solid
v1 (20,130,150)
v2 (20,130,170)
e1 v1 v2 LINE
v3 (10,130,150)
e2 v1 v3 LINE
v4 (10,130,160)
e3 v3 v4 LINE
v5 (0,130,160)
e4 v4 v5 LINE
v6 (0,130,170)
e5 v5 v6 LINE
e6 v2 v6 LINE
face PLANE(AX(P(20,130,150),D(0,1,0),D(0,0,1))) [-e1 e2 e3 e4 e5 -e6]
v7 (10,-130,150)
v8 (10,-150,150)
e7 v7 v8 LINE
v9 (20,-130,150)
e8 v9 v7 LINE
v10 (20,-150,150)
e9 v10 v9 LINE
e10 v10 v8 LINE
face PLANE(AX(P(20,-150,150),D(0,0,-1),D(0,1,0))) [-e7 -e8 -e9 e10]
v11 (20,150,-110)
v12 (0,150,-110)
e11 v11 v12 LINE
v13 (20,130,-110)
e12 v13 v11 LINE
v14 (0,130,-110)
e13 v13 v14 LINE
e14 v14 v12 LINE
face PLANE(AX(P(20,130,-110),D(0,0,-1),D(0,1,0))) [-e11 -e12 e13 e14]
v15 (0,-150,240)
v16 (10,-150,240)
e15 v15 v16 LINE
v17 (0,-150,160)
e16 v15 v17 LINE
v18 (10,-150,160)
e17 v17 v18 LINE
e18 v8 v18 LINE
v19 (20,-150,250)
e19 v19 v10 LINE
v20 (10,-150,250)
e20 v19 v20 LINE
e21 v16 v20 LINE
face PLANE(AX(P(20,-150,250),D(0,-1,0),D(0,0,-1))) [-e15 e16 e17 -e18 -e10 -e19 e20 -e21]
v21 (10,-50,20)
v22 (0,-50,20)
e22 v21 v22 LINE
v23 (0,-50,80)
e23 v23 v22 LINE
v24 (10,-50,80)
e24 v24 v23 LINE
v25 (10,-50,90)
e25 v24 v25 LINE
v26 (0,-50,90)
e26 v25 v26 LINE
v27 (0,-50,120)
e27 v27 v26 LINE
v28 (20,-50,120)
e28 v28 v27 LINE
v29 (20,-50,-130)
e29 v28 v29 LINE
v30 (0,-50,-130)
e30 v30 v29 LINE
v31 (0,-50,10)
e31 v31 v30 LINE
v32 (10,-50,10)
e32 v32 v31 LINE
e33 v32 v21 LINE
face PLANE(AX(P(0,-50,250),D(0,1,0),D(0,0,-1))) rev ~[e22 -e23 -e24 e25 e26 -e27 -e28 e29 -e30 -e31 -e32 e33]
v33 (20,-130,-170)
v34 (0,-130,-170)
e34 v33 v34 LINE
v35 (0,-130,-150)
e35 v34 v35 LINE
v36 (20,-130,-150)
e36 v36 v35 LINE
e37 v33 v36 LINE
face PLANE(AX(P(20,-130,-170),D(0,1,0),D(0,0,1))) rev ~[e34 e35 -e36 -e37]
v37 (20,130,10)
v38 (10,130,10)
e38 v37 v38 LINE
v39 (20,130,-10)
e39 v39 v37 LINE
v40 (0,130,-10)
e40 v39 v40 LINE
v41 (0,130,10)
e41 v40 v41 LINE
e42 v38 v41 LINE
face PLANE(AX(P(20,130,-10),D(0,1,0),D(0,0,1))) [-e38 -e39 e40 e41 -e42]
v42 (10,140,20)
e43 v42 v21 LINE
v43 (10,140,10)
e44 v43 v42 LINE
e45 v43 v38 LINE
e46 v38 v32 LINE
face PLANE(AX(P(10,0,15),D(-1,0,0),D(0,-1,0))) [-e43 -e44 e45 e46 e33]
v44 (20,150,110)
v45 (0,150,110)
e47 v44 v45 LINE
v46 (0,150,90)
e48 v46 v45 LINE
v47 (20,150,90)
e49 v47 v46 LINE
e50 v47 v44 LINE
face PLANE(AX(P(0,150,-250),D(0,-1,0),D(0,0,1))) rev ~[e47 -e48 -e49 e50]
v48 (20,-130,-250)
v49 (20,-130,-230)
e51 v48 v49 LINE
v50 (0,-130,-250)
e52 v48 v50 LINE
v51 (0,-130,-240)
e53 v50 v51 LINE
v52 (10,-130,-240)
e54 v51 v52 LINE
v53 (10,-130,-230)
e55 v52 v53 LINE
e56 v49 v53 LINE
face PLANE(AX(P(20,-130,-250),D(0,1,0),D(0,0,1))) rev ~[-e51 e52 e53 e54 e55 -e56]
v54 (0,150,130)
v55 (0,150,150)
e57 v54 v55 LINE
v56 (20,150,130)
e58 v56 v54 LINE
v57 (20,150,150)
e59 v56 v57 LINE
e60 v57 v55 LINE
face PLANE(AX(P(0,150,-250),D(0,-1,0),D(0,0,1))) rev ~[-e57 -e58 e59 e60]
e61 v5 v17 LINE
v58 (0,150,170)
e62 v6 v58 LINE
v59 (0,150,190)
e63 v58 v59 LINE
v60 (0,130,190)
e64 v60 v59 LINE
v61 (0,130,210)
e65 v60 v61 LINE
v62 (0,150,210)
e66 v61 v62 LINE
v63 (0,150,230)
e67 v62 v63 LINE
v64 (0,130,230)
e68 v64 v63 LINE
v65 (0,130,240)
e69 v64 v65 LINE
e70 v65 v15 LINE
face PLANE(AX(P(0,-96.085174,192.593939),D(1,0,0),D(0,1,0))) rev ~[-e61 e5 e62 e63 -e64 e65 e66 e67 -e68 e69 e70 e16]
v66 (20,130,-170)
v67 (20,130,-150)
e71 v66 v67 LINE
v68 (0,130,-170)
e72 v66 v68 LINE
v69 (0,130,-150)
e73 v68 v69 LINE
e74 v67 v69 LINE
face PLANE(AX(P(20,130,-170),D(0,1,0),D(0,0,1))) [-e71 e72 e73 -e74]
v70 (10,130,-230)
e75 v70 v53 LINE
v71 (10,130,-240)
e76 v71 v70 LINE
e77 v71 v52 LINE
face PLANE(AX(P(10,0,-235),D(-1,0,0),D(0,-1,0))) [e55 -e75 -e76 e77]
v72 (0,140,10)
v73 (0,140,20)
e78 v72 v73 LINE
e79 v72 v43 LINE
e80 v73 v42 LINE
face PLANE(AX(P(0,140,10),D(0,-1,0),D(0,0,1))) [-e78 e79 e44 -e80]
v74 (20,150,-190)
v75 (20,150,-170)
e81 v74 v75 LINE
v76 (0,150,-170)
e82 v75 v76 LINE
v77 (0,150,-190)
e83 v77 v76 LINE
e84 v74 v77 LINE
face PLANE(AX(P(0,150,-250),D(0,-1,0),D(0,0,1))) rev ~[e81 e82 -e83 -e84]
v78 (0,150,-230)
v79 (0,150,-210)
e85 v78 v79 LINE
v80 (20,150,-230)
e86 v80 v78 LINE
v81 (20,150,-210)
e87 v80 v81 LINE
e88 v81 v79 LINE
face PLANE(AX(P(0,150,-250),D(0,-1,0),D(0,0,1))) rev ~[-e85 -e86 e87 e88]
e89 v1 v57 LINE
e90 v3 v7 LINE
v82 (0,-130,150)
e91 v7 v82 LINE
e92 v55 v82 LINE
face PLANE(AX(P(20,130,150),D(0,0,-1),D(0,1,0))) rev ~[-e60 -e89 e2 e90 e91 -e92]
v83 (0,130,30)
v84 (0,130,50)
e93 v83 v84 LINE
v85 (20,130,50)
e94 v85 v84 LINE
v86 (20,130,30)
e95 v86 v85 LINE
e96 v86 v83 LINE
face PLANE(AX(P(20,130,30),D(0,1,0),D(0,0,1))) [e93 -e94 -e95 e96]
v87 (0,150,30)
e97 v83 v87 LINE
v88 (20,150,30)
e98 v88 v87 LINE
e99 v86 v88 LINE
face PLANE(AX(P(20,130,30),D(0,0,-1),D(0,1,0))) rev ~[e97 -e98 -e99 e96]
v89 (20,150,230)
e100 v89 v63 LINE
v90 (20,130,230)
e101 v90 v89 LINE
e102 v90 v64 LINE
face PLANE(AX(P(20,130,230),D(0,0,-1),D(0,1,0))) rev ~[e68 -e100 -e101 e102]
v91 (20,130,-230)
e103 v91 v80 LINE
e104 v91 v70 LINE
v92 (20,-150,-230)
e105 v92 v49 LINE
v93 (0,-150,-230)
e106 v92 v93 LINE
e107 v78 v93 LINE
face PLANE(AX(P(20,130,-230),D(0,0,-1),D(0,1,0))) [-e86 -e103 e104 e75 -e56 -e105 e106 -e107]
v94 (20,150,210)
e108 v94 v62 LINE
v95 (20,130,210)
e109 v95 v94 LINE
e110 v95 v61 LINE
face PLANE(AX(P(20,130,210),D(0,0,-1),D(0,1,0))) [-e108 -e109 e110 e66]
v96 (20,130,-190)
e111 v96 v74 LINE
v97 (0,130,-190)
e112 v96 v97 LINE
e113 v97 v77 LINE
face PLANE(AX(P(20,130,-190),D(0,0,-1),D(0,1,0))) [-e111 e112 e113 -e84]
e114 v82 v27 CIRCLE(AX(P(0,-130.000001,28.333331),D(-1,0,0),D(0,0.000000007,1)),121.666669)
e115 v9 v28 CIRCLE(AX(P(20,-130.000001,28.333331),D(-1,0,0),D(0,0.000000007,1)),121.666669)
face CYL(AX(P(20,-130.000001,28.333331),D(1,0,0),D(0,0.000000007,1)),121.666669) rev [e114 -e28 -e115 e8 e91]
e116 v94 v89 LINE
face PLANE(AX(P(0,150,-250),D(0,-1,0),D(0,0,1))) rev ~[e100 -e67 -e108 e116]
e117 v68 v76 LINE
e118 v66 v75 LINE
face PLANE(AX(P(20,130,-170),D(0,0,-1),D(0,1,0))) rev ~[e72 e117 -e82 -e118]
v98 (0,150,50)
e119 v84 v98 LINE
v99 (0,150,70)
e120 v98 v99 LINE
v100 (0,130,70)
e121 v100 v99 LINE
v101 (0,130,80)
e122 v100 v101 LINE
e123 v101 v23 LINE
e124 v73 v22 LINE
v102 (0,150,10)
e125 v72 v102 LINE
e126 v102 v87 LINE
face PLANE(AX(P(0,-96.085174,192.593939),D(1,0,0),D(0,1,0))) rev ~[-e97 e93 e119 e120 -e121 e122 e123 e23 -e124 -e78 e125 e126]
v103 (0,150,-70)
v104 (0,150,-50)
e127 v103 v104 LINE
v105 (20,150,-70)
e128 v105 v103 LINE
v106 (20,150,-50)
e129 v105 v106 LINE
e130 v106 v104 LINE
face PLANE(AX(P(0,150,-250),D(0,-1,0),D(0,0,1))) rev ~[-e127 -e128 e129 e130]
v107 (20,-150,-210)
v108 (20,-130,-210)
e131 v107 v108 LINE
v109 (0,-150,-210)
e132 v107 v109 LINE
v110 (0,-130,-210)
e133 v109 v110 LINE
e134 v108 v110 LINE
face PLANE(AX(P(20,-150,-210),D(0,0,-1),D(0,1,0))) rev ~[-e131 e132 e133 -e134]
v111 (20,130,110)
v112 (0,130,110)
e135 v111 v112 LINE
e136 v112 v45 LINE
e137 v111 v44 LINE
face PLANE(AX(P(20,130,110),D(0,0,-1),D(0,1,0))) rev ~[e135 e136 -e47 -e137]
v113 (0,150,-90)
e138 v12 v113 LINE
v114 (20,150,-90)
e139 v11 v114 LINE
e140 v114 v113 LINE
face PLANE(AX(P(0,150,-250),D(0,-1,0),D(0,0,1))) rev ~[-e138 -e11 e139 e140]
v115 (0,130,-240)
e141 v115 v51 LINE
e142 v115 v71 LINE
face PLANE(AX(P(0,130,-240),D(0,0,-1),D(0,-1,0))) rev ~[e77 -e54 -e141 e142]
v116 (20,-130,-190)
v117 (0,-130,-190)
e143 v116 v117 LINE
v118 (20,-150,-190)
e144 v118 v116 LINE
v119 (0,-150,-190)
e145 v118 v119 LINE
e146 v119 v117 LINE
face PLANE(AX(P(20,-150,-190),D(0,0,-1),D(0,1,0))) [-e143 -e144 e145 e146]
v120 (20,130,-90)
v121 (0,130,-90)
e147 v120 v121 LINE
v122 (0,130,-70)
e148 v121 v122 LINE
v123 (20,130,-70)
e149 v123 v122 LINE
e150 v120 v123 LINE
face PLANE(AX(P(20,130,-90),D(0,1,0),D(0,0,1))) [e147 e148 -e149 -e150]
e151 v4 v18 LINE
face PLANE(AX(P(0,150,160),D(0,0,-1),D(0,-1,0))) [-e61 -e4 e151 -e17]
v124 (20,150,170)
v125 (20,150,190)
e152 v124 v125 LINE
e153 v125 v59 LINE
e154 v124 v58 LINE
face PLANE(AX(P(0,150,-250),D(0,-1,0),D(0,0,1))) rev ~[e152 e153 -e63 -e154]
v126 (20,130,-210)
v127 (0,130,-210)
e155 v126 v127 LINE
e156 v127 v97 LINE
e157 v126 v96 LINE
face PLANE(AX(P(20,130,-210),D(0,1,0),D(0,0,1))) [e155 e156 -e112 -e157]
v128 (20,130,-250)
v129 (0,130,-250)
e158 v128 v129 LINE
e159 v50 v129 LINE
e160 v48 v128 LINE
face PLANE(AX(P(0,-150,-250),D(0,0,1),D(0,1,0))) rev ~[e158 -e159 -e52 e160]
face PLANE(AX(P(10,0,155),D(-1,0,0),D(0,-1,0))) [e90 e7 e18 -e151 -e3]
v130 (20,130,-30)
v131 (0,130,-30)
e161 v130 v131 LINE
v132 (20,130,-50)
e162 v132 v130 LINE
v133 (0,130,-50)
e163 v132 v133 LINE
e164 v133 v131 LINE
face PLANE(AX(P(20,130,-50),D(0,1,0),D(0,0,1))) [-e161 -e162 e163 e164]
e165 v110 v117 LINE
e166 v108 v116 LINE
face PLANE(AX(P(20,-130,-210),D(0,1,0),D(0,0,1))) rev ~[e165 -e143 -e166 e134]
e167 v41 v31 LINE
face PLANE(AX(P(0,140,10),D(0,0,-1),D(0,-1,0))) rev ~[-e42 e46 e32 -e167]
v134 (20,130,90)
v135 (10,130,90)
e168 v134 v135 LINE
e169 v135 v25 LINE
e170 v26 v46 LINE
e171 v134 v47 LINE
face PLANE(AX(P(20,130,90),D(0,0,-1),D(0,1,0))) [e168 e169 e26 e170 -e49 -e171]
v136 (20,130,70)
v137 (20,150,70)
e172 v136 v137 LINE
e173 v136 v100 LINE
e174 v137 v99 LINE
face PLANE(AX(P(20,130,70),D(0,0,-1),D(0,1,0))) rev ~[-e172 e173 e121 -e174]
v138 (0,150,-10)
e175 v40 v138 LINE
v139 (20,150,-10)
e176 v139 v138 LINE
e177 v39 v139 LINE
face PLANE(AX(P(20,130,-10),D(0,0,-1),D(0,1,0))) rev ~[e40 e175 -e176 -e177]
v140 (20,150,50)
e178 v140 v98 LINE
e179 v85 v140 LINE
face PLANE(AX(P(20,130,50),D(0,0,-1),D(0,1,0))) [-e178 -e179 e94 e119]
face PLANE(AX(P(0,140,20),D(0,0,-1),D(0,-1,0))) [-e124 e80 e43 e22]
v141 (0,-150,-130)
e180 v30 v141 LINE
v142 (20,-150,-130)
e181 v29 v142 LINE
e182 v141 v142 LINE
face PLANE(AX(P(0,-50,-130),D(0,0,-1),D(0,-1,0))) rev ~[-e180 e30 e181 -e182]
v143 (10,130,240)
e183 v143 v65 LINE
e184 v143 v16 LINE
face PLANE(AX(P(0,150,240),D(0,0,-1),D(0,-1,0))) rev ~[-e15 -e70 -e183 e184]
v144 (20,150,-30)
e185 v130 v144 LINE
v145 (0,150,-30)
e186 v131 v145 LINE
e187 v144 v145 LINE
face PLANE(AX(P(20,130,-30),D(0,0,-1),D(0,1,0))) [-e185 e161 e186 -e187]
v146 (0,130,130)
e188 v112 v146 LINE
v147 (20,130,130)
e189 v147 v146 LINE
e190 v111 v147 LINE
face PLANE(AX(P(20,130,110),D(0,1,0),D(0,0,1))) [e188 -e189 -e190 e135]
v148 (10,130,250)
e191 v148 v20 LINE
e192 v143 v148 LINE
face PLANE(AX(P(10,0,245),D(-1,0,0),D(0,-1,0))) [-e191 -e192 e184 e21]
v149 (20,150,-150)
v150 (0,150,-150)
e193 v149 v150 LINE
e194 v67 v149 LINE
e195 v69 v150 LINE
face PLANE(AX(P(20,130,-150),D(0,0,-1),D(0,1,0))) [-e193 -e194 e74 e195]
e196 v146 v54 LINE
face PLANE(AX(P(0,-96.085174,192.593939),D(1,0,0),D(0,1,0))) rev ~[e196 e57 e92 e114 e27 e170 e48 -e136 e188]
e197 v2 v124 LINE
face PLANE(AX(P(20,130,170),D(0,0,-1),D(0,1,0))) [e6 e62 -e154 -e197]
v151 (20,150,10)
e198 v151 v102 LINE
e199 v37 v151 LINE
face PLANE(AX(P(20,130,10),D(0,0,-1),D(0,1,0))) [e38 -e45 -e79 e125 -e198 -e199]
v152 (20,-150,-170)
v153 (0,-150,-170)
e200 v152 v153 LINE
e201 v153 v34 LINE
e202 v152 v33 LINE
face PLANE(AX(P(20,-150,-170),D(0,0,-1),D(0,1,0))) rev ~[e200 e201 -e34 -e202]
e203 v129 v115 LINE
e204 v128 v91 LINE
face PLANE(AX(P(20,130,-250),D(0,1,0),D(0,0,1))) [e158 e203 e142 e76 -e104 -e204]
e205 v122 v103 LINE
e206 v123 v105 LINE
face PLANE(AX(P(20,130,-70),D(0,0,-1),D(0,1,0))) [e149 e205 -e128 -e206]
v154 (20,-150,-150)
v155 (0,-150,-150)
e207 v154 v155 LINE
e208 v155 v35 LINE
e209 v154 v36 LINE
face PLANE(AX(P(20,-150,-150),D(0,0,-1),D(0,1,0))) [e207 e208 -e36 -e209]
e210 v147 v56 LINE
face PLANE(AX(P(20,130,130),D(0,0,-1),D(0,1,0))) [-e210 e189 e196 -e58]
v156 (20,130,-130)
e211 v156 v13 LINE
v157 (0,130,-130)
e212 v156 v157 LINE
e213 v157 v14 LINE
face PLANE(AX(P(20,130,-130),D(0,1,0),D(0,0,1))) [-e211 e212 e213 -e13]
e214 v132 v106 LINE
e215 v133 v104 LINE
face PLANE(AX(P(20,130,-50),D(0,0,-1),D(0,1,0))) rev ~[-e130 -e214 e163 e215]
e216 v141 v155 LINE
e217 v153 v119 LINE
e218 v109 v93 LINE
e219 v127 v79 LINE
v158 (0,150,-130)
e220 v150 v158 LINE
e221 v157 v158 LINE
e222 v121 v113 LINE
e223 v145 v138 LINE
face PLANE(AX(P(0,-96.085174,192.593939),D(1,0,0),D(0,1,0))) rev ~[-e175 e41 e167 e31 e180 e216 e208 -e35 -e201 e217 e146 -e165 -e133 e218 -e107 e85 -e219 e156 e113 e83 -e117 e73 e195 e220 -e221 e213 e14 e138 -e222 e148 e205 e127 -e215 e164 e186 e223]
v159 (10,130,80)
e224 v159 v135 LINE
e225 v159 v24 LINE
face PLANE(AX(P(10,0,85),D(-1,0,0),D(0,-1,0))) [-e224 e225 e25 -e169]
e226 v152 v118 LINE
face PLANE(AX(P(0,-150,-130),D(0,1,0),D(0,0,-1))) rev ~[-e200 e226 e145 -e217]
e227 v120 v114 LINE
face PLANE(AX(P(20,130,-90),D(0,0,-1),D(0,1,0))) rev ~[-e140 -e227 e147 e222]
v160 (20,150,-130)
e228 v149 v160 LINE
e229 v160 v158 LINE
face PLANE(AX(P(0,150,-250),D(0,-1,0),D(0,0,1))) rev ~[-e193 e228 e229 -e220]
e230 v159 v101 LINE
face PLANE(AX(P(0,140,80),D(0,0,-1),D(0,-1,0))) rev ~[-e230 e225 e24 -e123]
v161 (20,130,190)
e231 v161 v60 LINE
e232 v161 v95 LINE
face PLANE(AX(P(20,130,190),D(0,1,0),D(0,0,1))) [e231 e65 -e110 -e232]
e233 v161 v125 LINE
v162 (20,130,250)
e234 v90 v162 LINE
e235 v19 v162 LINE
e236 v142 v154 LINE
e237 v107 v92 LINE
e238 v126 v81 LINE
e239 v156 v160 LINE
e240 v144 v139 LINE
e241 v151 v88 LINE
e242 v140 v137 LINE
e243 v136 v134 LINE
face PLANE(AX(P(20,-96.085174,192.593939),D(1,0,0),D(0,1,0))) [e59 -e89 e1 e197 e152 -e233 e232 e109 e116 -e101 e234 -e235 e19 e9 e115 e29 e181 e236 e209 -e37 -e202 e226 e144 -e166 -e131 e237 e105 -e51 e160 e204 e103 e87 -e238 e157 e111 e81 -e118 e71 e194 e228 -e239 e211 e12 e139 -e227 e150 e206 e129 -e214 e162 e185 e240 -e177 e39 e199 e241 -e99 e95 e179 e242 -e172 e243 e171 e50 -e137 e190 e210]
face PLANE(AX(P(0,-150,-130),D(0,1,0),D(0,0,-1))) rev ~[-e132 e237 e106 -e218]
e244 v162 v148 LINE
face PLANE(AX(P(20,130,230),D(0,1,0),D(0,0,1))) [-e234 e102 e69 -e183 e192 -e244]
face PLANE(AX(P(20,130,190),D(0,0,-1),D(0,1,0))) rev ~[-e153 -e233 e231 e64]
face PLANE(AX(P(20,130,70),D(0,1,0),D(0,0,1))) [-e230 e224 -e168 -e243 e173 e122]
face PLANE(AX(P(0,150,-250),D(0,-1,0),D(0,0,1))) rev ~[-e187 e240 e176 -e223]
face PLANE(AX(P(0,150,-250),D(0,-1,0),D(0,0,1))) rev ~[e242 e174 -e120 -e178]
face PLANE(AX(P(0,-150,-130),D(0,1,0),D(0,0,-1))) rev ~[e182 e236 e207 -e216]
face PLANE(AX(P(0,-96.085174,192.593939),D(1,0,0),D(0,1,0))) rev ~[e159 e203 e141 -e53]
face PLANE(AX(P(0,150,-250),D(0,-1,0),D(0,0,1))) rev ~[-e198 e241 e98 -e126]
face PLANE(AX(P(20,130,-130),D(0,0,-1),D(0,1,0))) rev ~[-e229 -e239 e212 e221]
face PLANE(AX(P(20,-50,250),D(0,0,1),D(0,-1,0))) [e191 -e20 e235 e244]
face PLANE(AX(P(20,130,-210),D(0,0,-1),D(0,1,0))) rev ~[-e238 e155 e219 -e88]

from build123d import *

# Parameters (mm, degrees)
F1_DEPTH  = 20
F3_DEPTH  = 20
F4_W      = 20
F4_H      = 20
F5_DEPTH  = 20
F6_W      = 20
F6_H      = 20
F7_DEPTH  = 20
F8_W      = 260
F8_H      = 10
F9_DEPTH  = 10
F10_W     = 300
F10_H     = 10
F10_W_2   = 280
F11_DEPTH = 10


with BuildPart() as f1:
    # F0 (on Right) → F1 (new body)
    with BuildSketch(Plane.YZ):
        Polygon((-150, -250), (150, -250), (150, 250), (-50, 250), (-50, -130), (-150, -130), align=None)
    extrude(amount=F1_DEPTH)

    # F2 (on face) → F3 (join)
    with BuildSketch(Plane.YZ.offset(20)):
        with BuildLine():
            Line((-50, 120), (-50, 250))
            Line((-50, 250), (-150, 250))
            Line((-150, 250), (-150, 150))
            Line((-150, 150), (-130, 150))
            ThreePointArc((-130, 150), (-87.279981, 142.253383), (-50, 120))
        make_face()
    extrude(amount=-F3_DEPTH)

    # F4 (on face) → F5 (cut, through all)
    with BuildSketch(Plane.YZ.offset(20)):
        with Locations((140, -200)):
            Rectangle(F4_W, F4_H)
        with Locations((140, -160)):
            Rectangle(F4_W, F4_H)
        with Locations((140, -120)):
            Rectangle(F4_W, F4_H)
        with Locations((140, -80)):
            Rectangle(F4_W, F4_H)
        with Locations((140, -40)):
            Rectangle(F4_W, F4_H)
        with Locations((140, 0)):
            Rectangle(F4_W, F4_H)
        with Locations((140, 40)):
            Rectangle(F4_W, F4_H)
        with Locations((140, 80)):
            Rectangle(F4_W, F4_H)
        with Locations((140, 120)):
            Rectangle(F4_W, F4_H)
        with Locations((140, 160)):
            Rectangle(F4_W, F4_H)
        with Locations((140, 200)):
            Rectangle(F4_W, F4_H)
        with Locations((140, 240)):
            Rectangle(F4_W, F4_H)
        with Locations((140, -240)):
            Rectangle(F4_W, F4_H)
    extrude(amount=-F5_DEPTH, mode=Mode.SUBTRACT)

    # F6 (on face) → F7 (cut, through all)
    with BuildSketch(Plane.YZ.offset(20)):
        with Locations((-140, -200)):
            Rectangle(F6_W, F6_H)
        with Locations((-140, -160)):
            Rectangle(F6_W, F6_H)
        with Locations((-140, -240)):
            Rectangle(F6_W, F6_H)
    extrude(amount=-F7_DEPTH, mode=Mode.SUBTRACT)

    # F8 (on face) → F9 (cut)
    with BuildSketch(Plane(origin=(0, 0, 0), x_dir=(0, -1, 0), z_dir=(-1, 0, 0))):
        with Locations((0, -235)):
            Rectangle(F8_W, F8_H)
    extrude(amount=-F9_DEPTH, mode=Mode.SUBTRACT)

    # F10 (on face) → F11 (cut)
    with BuildSketch(Plane(origin=(0, 0, 0), x_dir=(0, -1, 0), z_dir=(-1, 0, 0))):
        with Locations((0, 245)):
            Rectangle(F10_W, F10_H)
        with Locations((0, 155)):
            Rectangle(F10_W, F10_H)
        with Locations((0, 85)):
            Rectangle(F10_W_2, F10_H)
        with Locations((0, 15)):
            Rectangle(F10_W_2, F10_H)
    extrude(amount=-F11_DEPTH, mode=Mode.SUBTRACT)


solid = f1.part
